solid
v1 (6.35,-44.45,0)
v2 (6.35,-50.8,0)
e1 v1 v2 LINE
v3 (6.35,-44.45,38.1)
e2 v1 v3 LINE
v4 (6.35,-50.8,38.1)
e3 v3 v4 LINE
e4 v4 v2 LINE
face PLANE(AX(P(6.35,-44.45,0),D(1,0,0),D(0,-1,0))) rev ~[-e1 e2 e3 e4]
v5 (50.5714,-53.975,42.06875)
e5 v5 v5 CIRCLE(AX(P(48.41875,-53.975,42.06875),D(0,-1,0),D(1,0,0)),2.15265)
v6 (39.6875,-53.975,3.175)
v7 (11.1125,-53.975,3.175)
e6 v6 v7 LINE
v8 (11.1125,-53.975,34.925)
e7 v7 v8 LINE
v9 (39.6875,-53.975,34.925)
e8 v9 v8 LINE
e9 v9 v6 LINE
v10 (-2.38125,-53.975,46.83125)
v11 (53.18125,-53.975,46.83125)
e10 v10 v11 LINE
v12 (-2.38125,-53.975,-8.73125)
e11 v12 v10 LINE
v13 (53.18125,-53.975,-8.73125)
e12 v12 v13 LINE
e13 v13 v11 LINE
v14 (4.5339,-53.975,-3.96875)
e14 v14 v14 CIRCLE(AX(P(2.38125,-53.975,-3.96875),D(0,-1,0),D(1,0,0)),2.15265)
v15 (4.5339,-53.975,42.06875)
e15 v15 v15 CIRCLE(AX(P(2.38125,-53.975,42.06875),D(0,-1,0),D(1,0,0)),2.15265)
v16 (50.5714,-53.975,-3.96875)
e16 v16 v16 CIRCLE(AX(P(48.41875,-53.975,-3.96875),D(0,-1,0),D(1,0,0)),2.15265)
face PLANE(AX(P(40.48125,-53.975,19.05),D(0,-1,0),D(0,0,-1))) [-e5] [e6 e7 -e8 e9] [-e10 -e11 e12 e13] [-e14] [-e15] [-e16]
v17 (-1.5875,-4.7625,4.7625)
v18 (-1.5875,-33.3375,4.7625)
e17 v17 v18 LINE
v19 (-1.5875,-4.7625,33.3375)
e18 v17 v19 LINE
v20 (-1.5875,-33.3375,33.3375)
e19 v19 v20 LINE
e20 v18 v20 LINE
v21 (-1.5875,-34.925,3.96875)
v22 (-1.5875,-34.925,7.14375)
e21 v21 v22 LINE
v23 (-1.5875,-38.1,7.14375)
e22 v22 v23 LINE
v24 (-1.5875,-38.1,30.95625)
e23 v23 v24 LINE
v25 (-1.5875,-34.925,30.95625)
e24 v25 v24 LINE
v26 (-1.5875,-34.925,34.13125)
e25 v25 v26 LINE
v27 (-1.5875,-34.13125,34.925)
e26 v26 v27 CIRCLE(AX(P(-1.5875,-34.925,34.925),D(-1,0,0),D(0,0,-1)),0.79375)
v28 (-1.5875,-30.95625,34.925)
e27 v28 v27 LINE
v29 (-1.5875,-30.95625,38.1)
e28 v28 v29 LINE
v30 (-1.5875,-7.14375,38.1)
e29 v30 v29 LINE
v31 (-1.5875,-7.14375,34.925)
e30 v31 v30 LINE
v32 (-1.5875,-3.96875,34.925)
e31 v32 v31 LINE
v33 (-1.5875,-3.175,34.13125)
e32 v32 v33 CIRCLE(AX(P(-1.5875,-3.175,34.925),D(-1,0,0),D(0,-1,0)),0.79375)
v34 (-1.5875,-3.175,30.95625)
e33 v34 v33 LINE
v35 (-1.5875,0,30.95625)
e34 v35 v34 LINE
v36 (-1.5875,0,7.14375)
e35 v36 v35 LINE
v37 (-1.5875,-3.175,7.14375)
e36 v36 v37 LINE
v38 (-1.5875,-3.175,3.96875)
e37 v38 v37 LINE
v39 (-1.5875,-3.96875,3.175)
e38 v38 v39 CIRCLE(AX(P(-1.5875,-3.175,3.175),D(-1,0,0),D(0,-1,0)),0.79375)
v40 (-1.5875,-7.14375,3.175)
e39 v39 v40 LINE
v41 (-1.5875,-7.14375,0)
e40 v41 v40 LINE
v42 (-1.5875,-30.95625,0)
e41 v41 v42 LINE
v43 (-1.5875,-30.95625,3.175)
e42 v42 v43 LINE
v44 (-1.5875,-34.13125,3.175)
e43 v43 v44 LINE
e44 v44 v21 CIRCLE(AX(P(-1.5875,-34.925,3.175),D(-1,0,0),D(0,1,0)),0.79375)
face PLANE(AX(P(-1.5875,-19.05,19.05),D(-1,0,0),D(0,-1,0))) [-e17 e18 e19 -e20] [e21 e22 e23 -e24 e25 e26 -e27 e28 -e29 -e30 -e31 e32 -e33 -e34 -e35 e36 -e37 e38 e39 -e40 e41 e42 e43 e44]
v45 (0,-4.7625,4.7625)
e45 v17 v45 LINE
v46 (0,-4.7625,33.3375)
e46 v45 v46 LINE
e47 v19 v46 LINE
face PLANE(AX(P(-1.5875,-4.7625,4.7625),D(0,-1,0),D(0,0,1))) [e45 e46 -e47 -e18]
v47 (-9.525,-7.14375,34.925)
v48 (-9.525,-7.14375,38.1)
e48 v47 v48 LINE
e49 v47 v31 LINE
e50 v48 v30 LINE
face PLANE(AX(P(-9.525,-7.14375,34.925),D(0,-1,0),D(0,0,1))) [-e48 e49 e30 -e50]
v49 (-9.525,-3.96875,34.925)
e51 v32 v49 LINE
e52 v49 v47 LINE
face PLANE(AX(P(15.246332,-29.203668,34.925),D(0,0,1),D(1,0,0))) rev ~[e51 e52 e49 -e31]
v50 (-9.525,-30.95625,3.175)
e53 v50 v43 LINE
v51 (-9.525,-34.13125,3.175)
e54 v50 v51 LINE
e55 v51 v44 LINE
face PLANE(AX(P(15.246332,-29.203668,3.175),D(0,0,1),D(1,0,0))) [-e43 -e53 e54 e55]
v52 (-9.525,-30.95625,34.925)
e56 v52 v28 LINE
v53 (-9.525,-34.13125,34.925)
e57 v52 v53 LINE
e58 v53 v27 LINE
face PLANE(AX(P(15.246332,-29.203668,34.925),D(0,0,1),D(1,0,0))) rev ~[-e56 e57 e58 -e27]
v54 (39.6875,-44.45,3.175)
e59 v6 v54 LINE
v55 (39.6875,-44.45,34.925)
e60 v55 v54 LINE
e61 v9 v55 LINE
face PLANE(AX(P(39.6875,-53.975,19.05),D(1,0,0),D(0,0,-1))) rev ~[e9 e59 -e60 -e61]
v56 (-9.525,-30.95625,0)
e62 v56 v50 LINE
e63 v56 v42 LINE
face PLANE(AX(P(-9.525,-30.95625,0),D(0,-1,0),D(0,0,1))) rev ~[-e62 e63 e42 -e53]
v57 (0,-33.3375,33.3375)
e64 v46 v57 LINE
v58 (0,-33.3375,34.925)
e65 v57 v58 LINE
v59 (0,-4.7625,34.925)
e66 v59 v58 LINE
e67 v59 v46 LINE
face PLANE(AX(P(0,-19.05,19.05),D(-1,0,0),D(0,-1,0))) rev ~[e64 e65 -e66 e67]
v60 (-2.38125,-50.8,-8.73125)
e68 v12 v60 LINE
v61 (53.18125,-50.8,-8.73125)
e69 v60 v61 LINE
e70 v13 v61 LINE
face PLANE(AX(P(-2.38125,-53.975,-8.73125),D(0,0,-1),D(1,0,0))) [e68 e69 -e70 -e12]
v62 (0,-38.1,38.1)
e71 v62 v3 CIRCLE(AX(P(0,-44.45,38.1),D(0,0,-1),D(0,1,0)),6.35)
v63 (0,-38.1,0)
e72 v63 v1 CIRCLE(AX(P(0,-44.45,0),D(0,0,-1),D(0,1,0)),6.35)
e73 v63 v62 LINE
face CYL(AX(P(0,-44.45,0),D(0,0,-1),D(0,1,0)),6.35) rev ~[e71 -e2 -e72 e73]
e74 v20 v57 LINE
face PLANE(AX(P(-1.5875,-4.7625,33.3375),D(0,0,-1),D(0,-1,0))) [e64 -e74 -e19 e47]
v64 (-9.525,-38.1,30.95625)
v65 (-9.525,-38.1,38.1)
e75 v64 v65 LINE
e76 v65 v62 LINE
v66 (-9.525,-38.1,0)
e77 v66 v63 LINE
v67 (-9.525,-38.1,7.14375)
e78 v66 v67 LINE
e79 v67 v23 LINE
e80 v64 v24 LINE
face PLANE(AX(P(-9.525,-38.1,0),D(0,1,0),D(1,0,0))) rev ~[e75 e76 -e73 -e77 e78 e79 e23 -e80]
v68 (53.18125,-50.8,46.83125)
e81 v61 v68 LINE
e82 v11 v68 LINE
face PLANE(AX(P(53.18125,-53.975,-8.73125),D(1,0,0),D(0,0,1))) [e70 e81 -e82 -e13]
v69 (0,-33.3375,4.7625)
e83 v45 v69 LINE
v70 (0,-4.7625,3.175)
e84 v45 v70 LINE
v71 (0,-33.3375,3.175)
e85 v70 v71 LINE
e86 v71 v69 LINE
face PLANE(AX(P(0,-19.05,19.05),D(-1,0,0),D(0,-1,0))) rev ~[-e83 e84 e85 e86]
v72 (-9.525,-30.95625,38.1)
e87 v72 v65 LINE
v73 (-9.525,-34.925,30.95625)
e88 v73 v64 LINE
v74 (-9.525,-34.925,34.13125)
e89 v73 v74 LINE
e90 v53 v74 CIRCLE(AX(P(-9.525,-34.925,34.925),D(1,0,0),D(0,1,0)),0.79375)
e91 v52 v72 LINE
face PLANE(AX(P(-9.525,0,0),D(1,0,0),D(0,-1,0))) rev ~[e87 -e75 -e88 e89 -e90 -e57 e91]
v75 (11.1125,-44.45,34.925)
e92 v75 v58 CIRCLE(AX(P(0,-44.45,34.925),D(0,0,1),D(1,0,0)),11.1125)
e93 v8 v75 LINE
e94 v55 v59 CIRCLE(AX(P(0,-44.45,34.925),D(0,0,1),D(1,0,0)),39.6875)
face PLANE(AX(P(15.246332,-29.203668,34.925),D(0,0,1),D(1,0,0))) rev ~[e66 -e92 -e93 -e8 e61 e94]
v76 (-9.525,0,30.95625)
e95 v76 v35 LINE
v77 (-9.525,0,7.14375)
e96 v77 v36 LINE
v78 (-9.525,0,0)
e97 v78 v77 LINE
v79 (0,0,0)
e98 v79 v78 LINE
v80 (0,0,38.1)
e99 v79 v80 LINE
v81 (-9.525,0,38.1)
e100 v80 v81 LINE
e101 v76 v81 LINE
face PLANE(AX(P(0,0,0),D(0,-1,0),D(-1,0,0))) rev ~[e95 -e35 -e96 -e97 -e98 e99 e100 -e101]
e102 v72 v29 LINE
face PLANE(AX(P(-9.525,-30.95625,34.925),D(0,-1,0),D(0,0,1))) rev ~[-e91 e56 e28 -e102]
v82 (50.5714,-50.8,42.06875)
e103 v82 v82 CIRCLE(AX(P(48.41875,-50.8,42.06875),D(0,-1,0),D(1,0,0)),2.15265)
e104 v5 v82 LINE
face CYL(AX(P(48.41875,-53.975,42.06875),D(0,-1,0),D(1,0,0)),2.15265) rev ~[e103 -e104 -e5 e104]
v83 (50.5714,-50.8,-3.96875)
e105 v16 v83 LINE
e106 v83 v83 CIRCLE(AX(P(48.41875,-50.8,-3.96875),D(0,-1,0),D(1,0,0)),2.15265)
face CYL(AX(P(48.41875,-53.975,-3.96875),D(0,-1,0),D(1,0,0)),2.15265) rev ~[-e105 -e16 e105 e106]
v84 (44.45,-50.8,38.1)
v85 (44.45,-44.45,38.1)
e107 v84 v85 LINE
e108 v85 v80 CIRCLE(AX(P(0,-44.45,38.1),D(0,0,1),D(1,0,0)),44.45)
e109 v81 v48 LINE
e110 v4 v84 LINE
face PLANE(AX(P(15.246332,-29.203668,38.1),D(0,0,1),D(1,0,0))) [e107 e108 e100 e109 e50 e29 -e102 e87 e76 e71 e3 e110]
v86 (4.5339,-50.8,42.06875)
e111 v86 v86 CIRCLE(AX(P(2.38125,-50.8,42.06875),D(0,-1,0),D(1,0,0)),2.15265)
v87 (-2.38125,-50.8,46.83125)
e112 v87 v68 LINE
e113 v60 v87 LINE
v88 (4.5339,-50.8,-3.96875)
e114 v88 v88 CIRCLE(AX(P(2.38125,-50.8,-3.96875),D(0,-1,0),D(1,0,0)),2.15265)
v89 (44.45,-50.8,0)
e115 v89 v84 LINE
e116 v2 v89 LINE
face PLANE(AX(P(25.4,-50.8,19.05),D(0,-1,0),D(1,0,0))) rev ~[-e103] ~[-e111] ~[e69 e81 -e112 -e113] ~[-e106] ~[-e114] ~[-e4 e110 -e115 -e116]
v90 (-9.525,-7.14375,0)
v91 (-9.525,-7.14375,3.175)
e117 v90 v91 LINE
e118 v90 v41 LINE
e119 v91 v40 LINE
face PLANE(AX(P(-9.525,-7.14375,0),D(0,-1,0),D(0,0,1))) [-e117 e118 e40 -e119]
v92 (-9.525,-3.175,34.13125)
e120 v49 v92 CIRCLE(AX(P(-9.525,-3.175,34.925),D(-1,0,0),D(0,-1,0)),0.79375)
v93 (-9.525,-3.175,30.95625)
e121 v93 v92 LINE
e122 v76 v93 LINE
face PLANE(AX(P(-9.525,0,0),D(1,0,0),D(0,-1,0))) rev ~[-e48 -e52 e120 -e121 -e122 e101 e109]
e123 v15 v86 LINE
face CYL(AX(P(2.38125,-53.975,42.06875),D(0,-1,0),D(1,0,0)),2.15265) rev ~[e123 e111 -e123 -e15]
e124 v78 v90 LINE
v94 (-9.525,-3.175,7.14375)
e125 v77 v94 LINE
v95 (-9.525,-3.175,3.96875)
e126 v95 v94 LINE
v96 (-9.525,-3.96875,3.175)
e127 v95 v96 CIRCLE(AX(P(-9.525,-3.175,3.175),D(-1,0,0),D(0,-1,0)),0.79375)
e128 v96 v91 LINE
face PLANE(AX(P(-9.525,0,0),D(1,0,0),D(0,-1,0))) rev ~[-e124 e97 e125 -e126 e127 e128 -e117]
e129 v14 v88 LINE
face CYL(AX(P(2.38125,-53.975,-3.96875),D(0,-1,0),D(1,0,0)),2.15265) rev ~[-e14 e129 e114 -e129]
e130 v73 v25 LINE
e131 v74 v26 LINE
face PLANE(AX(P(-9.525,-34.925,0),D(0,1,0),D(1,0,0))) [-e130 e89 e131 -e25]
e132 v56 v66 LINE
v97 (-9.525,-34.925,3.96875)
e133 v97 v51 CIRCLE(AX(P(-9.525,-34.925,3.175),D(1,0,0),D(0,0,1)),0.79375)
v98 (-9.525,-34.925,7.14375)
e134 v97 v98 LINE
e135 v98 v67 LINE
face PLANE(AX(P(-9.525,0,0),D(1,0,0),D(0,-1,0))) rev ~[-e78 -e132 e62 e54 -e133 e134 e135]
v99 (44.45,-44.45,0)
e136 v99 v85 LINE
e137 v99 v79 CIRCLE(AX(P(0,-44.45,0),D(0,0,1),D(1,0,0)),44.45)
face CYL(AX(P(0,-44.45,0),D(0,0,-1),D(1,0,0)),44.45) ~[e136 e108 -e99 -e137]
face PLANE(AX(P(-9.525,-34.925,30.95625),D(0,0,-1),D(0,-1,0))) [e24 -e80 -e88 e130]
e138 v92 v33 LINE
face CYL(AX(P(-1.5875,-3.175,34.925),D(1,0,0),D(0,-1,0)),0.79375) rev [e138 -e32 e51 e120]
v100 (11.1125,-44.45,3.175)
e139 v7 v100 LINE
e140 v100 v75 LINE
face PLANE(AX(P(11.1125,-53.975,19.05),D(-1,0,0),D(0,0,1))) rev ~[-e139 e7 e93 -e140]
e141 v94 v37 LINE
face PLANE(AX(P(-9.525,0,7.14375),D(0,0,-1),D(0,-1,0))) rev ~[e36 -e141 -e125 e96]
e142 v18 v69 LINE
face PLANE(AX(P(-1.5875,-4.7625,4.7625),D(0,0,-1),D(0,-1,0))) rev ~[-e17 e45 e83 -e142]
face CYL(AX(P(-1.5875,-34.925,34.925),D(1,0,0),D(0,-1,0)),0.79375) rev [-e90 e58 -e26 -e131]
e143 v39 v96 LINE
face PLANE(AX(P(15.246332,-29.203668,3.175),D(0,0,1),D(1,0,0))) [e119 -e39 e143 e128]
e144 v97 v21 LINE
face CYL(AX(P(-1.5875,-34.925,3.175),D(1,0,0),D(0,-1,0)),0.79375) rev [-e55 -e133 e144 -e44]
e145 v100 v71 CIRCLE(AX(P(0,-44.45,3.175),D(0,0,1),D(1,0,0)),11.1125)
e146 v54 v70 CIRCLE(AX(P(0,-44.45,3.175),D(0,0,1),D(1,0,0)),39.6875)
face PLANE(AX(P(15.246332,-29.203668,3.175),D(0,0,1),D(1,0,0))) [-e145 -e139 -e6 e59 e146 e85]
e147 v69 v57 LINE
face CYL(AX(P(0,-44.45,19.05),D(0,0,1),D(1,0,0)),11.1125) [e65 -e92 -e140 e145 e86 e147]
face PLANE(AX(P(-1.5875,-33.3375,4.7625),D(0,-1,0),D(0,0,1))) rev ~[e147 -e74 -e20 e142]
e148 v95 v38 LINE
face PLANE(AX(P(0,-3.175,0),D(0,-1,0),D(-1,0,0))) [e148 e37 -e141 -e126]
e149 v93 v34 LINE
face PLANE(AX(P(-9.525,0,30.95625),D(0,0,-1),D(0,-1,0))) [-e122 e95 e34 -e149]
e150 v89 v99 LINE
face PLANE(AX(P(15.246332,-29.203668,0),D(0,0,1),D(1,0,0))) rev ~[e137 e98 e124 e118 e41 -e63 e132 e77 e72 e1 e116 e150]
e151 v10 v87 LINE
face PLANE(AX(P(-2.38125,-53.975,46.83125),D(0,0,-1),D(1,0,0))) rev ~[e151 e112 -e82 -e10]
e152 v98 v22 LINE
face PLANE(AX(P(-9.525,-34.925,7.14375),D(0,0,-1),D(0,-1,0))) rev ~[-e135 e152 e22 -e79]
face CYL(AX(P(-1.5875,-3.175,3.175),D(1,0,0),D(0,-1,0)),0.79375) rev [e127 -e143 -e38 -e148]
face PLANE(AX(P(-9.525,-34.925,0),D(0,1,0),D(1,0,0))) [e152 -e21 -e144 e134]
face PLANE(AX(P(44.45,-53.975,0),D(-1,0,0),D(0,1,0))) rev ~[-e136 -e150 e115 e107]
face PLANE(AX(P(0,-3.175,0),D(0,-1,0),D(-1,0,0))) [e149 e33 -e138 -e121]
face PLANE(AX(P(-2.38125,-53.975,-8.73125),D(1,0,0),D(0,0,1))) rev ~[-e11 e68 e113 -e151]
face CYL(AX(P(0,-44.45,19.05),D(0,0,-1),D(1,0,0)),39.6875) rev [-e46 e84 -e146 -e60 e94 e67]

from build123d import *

# Parameters (mm, degrees)
F1_DEPTH  = 38.1
F2_T      = -3.175
F3_DEPTH  = 3.175
F4_W      = 3.175
F4_H      = 23.8125
F4_W_2    = 23.8125
F4_H_2    = 3.175
F5_DEPTH  = 7.9375
F6_W      = 55.5625
F6_H      = 55.5625
F6_R      = 2.15265
F6_W_2    = 31.75
F6_H_2    = 31.75
F7_DEPTH  = 3.175
F8_W      = 31.75
F8_H      = 31.75
F8_W_2    = 28.575
F8_H_2    = 28.575
F9_DEPTH  = 1.5875
F10_R     = 0.79375
F11_DEPTH = 7.9375
F12_W     = 1.5875
F12_H     = 31.75
F14_W     = 1.5875
F14_H     = 31.75


with BuildPart() as f1:
    # F0 (on Top) → F1 (new body)
    with BuildSketch(Plane.XY):
        with BuildLine():
            ThreePointArc((44.45, -44.45), (31.4308964237, -13.0191035763), (0, 0))
            Line((0, 0), (-9.525, 0))
            Line((-9.525, 0), (-9.525, -38.1))
            Line((-9.525, -38.1), (0, -38.1))
            ThreePointArc((0, -38.1), (4.4901280605, -39.9598719395), (6.35, -44.45))
            Line((6.35, -44.45), (6.35, -53.975))
            Line((6.35, -53.975), (44.45, -53.975))
            Line((44.45, -53.975), (44.45, -44.45))
        make_face()
    extrude(amount=F1_DEPTH)

    # F2
    f2_openings = [f1.faces().sort_by_distance(p)[0] for p in [
        (-9.525, -19.05, 19.05),
    ]]
    offset(amount=F2_T, openings=f2_openings)

    # F3 (cut, through all): a face of the model
    f3_faces = [f1.faces().sort_by_distance(p)[0] for p in [
        (25.4, -50.8, 19.05),
    ]]
    extrude(f3_faces, amount=-F3_DEPTH, mode=Mode.SUBTRACT)

    # F4 (on face) → F5 (cut)
    with BuildSketch(Plane(origin=(-9.525, 0, 0), x_dir=(0, -1, 0), z_dir=(-1, 0, 0))):
        with Locations((1.5875, 19.05)):
            Rectangle(F4_W, F4_H)
        with Locations((19.05, 36.5125)):
            Rectangle(F4_W_2, F4_H_2)
        with Locations((36.5125, 19.05)):
            Rectangle(F4_W, F4_H)
        with Locations((19.05, 1.5875)):
            Rectangle(F4_W_2, F4_H_2)
    extrude(amount=-F5_DEPTH, mode=Mode.SUBTRACT)

    # F6 (on face) → F7 (join)
    with BuildSketch(Plane.XZ.offset(53.975)):
        with Locations((25.4, 19.05)):
            Rectangle(F6_W, F6_H)
        with Locations((2.38125, -3.96875)):
            Circle(F6_R, mode=Mode.SUBTRACT)
        with Locations((48.41875, -3.96875)):
            Circle(F6_R, mode=Mode.SUBTRACT)
        with Locations((2.38125, 42.06875)):
            Circle(F6_R, mode=Mode.SUBTRACT)
        with Locations((25.4, 19.05)):
            Rectangle(F6_W_2, F6_H_2, mode=Mode.SUBTRACT)
        with Locations((48.41875, 42.06875)):
            Circle(F6_R, mode=Mode.SUBTRACT)
    extrude(amount=-F7_DEPTH)

    # F8 (on face) → F9 (join)
    with BuildSketch(Plane(origin=(-1.5875, 0, 0), x_dir=(0, -1, 0), z_dir=(-1, 0, 0))):
        with Locations((19.05, 19.05)):
            Rectangle(F8_W, F8_H)
        with Locations((19.05, 19.05)):
            Rectangle(F8_W_2, F8_H_2, mode=Mode.SUBTRACT)
    extrude(amount=-F9_DEPTH)

    # F10 (on face) → F11 (cut, through all)
    with BuildSketch(Plane(origin=(-1.5875, 0, 0), x_dir=(0, -1, 0), z_dir=(-1, 0, 0))):
        with Locations((3.175, 34.925)):
            Circle(F10_R)
        with Locations((3.175, 3.175)):
            Circle(F10_R)
        with Locations((34.925, 34.925)):
            Circle(F10_R)
        with Locations((34.925, 3.175)):
            Circle(F10_R)
    extrude(amount=F11_DEPTH, mode=Mode.SUBTRACT)

    # F13: sweep along a path in F13_path
    with BuildLine(Plane(origin=(9.525, -53.975, 34.925), x_dir=(0, -1, 0), z_dir=(0, 0, -1))) as f13_path:
        Line((0, 0), (-9.525, 0))
        ThreePointArc((-9.525, 0), (-16.2601920908, 2.7898079092), (-19.05, 9.525))
    # F12 (on face) → F13 (sweep)
    with BuildSketch(Plane.XZ.offset(53.975)):
        with Locations((10.31875, 19.05)):
            Rectangle(F12_W, F12_H)
    sweep(path=f13_path.line)

    # F15: sweep along a path in F15_path
    with BuildLine(Plane(origin=(41.275, -53.975, 34.925), x_dir=(0, -1, 0), z_dir=(0, 0, -1))) as f15_path:
        Line((0, 0), (-9.525, 0))
        ThreePointArc((-9.525, 0), (-38.7108323935, 12.0891676065), (-50.8, 41.275))
    # F14 (on face) → F15 (sweep)
    with BuildSketch(Plane.XZ.offset(53.975)):
        with Locations((40.48125, 19.05)):
            Rectangle(F14_W, F14_H)
    sweep(path=f15_path.line)


solid = f1.part
